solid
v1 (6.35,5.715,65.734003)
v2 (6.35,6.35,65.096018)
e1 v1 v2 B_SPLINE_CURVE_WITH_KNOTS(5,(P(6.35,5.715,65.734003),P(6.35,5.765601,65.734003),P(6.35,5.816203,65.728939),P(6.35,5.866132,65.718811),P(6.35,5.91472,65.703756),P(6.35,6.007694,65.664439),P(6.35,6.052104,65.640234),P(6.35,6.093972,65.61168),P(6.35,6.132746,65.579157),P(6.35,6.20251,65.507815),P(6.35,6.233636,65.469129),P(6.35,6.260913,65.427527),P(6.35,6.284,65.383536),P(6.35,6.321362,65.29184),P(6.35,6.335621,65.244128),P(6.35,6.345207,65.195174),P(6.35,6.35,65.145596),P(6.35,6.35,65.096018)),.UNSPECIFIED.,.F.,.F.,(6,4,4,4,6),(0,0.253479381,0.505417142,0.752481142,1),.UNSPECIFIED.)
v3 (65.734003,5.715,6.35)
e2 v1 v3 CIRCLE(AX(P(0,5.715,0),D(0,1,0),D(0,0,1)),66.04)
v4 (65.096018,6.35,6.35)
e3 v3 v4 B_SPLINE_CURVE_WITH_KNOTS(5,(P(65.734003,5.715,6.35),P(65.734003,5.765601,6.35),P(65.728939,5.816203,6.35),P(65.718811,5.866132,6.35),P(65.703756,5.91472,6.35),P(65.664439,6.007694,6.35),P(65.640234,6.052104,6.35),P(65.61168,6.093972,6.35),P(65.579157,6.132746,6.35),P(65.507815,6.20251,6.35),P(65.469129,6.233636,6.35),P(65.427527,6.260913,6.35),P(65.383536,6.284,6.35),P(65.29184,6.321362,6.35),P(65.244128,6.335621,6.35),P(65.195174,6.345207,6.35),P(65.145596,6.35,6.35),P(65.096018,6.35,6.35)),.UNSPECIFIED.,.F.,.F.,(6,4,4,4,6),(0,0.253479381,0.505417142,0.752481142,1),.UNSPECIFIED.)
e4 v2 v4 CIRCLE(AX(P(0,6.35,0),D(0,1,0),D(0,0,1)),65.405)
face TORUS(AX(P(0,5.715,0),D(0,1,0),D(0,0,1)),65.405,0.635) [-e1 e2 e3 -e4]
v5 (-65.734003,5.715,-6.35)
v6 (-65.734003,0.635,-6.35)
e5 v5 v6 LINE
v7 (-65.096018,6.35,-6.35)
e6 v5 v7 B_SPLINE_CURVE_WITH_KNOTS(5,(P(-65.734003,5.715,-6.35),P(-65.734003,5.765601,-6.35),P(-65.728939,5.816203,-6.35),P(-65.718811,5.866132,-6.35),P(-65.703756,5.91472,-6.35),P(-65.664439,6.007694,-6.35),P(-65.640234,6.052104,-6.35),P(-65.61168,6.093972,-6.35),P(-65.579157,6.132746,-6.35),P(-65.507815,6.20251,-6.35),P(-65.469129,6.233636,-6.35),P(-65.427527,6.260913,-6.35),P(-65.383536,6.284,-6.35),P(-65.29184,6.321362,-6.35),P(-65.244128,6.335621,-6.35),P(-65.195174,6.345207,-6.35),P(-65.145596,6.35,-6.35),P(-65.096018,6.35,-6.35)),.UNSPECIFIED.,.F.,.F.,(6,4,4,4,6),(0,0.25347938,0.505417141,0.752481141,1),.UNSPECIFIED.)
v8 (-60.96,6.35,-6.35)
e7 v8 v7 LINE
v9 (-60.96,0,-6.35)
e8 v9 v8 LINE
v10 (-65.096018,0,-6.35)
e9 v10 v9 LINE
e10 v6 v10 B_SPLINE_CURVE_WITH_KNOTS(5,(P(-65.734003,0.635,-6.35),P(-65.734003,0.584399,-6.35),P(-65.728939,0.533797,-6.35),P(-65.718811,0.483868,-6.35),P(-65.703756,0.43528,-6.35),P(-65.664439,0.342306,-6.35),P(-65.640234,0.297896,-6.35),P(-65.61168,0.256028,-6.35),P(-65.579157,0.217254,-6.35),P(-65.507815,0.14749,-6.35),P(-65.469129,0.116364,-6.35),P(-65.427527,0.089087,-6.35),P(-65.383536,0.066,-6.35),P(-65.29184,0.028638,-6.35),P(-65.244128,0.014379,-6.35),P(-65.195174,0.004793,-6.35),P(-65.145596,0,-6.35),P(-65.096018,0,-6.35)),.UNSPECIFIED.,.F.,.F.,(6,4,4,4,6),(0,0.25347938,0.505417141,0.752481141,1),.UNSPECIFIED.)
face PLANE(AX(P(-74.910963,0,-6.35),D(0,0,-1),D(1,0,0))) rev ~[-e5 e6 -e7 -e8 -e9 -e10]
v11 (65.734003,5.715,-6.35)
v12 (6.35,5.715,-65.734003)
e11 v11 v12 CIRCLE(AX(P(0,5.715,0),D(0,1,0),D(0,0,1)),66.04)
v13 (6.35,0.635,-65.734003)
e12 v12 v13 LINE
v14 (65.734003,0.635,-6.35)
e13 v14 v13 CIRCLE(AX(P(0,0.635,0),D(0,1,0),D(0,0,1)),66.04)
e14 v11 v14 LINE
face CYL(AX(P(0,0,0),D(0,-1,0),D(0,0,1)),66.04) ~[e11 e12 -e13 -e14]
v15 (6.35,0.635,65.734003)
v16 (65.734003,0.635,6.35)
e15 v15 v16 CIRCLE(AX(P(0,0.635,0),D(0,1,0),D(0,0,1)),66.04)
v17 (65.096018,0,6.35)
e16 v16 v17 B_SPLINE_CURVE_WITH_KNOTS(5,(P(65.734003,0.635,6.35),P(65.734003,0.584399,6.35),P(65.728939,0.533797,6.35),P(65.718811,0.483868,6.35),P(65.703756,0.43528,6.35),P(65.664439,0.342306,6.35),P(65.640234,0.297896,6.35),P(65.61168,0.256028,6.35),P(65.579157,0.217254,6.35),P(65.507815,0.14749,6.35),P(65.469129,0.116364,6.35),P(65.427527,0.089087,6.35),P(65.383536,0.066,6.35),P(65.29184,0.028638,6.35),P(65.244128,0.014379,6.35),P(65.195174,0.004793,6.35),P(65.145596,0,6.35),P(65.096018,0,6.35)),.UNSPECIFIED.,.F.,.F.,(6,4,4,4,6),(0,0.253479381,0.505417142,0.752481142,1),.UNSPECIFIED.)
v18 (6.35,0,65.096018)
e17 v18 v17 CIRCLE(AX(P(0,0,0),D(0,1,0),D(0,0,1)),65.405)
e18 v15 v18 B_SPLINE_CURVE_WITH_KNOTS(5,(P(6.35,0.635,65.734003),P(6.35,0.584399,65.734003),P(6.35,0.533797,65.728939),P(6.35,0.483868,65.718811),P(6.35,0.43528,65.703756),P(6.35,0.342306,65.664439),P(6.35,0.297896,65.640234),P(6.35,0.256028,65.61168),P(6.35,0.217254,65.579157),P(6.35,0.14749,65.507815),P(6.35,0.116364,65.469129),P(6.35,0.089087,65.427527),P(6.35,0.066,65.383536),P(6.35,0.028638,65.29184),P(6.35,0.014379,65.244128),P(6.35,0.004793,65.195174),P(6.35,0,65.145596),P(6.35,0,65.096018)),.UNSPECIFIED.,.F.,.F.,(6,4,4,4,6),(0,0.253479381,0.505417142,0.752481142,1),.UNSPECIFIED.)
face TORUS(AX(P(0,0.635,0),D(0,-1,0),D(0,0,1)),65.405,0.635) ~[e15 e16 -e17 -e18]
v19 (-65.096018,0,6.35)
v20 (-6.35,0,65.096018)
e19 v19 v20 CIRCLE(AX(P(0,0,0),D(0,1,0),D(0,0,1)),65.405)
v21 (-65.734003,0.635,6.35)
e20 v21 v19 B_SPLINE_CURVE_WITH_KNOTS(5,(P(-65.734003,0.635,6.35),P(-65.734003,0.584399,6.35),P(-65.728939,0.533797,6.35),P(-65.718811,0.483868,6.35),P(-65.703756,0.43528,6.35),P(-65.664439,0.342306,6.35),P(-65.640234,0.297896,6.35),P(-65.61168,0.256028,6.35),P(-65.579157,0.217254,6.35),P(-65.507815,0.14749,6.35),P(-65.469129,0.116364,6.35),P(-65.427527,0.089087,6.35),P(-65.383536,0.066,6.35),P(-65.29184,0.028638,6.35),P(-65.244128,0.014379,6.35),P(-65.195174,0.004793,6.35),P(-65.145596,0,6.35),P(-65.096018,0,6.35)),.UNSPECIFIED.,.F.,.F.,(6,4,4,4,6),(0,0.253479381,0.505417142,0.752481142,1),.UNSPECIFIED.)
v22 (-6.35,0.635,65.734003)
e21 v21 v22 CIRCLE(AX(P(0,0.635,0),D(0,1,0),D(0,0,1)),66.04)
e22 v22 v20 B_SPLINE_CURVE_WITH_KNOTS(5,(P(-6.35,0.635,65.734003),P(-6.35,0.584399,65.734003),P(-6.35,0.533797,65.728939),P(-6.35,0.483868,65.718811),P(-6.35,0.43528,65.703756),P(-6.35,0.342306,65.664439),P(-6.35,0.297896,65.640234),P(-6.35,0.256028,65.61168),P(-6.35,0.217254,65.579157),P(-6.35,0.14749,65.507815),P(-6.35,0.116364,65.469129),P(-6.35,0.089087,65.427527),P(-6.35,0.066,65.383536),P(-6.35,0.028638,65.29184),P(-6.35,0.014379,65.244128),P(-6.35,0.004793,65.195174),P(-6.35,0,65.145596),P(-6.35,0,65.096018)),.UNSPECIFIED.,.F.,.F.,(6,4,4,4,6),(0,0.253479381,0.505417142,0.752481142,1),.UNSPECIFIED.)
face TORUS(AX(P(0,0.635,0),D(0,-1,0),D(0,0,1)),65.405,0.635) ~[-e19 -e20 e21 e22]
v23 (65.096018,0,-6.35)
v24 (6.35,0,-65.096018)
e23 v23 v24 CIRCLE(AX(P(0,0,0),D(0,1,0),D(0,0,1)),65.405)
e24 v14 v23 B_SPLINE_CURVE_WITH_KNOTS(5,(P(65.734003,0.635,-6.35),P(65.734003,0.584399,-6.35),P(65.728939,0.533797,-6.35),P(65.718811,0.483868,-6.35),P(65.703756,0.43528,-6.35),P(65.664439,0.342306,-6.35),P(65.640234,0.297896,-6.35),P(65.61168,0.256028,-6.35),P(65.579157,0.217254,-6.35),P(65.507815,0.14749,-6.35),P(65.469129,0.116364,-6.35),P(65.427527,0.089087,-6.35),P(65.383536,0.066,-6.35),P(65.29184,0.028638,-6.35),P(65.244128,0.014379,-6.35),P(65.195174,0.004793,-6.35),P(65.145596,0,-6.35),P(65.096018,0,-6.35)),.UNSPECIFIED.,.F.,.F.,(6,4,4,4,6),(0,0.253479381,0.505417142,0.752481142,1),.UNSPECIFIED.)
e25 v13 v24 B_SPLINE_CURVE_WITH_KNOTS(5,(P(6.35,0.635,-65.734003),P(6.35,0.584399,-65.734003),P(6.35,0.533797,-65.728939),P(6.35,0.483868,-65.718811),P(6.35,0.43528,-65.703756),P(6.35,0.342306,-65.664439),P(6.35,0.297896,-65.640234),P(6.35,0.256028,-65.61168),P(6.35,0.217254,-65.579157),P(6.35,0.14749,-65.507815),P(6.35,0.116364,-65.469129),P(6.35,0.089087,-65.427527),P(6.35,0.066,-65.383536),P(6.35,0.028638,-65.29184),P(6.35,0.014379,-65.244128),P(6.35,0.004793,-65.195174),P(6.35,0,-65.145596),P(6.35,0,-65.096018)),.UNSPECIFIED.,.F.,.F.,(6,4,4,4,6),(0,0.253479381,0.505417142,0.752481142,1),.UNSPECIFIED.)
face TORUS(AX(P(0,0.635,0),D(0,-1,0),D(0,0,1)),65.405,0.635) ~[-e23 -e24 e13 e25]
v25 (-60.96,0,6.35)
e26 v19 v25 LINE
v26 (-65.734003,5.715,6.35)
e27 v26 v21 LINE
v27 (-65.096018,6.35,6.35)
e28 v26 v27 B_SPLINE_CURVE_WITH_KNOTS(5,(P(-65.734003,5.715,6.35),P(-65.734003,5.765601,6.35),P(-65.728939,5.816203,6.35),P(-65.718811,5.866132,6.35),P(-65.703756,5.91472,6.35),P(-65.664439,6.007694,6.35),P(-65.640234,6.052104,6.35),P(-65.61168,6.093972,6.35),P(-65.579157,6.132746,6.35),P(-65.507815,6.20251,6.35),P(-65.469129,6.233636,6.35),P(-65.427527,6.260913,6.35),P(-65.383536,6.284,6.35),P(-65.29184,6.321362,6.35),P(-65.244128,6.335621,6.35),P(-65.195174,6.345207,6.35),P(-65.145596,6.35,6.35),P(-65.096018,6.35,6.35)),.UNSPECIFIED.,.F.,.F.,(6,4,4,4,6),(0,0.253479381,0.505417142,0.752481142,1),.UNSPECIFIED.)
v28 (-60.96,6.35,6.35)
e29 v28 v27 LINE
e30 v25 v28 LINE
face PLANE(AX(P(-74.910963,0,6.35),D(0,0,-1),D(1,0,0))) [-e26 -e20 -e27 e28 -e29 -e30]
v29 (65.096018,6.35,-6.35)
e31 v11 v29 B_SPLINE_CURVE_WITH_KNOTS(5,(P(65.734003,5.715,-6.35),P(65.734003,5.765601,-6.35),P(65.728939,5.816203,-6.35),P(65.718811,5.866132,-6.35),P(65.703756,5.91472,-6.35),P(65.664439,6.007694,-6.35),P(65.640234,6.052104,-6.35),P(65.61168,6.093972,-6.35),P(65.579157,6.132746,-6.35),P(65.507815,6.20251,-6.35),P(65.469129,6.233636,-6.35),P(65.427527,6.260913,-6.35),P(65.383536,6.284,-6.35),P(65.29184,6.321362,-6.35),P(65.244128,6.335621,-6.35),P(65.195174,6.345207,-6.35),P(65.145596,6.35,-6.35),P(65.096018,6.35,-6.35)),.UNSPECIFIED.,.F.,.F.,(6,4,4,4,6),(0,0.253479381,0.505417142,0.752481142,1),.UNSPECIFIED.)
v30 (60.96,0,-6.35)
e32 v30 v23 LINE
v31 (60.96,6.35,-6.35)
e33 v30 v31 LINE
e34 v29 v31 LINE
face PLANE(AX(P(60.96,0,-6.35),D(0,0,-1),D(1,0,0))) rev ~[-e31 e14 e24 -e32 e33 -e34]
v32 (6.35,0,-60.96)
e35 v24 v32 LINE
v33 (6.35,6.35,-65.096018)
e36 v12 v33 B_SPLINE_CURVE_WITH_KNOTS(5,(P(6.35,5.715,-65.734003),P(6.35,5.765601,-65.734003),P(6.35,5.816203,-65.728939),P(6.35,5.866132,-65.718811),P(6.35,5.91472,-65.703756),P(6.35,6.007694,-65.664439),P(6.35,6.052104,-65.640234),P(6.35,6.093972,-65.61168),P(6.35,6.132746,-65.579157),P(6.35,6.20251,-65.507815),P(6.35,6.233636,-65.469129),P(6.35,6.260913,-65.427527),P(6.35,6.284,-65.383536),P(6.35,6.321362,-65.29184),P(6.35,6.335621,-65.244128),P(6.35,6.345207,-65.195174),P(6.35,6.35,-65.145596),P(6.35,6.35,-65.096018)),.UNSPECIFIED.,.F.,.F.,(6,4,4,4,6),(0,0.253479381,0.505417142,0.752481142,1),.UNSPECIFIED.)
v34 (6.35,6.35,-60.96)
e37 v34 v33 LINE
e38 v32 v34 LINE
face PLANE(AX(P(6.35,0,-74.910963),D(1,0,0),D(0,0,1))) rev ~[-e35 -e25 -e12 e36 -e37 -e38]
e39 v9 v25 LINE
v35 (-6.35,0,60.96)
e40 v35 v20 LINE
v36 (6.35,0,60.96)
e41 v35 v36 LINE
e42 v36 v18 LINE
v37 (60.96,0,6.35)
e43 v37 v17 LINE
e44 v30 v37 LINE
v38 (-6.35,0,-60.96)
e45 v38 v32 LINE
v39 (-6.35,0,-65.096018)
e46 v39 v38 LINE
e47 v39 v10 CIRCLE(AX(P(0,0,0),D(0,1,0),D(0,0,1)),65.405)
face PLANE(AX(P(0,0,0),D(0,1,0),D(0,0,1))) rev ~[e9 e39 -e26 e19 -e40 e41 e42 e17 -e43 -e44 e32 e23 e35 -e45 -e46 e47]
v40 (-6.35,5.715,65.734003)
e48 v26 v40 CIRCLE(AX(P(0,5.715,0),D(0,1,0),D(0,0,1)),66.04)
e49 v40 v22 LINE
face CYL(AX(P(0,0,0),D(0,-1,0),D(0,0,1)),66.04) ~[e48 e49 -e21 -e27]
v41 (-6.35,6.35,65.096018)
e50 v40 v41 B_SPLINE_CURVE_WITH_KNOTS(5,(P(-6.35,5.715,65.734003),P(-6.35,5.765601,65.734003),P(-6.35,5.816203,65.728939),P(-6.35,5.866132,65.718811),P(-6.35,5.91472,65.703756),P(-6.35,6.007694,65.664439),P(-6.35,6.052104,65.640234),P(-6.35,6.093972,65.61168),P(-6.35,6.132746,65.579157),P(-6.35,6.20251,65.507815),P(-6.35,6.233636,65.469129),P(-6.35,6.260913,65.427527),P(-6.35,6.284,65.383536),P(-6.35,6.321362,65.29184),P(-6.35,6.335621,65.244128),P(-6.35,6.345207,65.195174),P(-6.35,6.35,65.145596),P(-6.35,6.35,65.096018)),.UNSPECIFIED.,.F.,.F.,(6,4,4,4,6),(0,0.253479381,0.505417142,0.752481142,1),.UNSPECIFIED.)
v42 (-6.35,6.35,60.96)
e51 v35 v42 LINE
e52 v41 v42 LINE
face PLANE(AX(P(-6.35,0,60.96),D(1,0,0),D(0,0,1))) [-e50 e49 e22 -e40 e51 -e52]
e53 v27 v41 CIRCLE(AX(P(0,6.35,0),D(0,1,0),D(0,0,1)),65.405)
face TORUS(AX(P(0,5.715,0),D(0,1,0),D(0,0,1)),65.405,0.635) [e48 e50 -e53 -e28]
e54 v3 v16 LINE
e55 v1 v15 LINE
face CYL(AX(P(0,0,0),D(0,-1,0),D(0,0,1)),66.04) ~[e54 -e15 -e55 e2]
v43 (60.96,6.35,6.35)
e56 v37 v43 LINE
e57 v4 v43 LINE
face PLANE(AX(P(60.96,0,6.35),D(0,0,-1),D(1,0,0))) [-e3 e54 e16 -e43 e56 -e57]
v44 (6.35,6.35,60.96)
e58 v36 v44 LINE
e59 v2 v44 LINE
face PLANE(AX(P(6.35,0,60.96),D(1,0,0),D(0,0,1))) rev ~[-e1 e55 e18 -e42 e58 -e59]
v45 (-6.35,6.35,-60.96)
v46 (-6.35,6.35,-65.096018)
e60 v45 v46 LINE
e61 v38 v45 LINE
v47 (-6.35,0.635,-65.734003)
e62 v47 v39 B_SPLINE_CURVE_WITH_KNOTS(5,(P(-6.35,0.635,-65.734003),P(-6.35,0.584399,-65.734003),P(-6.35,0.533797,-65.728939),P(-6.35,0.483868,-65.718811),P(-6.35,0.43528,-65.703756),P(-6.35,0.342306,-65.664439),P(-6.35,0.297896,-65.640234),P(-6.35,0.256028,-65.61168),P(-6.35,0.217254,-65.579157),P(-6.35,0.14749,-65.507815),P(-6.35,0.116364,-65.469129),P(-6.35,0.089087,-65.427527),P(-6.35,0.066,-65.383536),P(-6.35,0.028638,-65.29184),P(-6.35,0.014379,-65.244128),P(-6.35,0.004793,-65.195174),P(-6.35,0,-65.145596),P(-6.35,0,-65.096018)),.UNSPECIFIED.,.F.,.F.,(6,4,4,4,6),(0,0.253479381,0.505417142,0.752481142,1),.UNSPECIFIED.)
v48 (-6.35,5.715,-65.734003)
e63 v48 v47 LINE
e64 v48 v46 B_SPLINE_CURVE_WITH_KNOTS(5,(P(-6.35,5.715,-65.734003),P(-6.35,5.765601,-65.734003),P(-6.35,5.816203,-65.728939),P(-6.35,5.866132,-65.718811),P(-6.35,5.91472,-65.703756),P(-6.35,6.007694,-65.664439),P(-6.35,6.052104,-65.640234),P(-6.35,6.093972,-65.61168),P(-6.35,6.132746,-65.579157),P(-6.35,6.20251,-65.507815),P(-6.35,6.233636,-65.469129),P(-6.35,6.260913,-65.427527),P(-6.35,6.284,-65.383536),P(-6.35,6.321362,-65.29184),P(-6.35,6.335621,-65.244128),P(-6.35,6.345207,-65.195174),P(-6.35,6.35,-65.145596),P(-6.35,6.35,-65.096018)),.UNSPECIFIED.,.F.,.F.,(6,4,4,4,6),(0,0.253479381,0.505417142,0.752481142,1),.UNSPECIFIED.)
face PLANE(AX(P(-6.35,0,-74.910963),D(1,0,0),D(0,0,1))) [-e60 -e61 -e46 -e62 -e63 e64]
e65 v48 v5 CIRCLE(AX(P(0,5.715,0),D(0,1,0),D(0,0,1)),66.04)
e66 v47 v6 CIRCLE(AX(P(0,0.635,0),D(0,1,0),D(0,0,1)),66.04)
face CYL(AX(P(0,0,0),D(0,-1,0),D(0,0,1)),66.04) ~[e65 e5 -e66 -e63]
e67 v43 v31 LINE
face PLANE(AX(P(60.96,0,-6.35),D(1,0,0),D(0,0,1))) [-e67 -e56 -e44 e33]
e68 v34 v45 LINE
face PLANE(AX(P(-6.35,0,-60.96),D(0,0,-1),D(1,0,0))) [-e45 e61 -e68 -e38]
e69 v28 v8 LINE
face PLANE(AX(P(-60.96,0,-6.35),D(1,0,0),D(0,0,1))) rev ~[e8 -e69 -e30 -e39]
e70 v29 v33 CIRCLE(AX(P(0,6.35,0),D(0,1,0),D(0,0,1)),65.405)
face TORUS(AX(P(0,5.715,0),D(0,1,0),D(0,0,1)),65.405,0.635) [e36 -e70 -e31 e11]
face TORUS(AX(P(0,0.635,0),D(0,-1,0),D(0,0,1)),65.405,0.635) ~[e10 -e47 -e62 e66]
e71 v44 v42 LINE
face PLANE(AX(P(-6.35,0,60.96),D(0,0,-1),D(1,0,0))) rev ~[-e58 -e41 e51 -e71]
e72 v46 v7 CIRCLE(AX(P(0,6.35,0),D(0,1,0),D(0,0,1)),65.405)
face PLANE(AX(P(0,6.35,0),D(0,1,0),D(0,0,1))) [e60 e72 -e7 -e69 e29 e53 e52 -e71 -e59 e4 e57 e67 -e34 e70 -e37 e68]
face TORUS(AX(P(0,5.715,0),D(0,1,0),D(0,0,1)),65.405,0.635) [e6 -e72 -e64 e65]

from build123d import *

# Parameters (mm, degrees)
SKETCH2_R           = 66.04
BOSS_EXTRUDE1_DEPTH = 6.35
FILLET1_R           = 0.635
SKETCH4_W           = 13.950963387
SKETCH4_H           = 12.7
SKETCH4_W_2         = 12.7
SKETCH4_H_2         = 13.950963387
CUT_EXTRUDE1_DEPTH  = 94.610286294


with BuildPart() as part:
    # Sketch2 → Boss-Extrude1 (new body)
    with BuildSketch(Plane(origin=(0, 0, 0), x_dir=(1, 0, 0), z_dir=(0, 1, 0))):
        with Locations(Location((0, 0, 0), (0, 0, 270))):
            Circle(SKETCH2_R)
    extrude(amount=BOSS_EXTRUDE1_DEPTH)

    # Fillet1
    fillet1_edges = [part.edges().sort_by_distance(p)[0] for p in [
        (0, 0, -66.04),
        (0, 6.35, -66.04),
    ]]
    fillet(fillet1_edges, radius=FILLET1_R)

    # Sketch4 → Cut-Extrude1 (cut, through all)
    with BuildSketch(Plane.XZ):
        with Locations((67.935481694, 0)):
            Rectangle(SKETCH4_W, SKETCH4_H)
        with Locations((0, -67.935481694)):
            Rectangle(SKETCH4_W_2, SKETCH4_H_2)
        with Locations((-67.935481694, 0)):
            Rectangle(SKETCH4_W, SKETCH4_H)
        with Locations((0, 67.935481694)):
            Rectangle(SKETCH4_W_2, SKETCH4_H_2)
    extrude(amount=-CUT_EXTRUDE1_DEPTH, mode=Mode.SUBTRACT)


solid = part.part
